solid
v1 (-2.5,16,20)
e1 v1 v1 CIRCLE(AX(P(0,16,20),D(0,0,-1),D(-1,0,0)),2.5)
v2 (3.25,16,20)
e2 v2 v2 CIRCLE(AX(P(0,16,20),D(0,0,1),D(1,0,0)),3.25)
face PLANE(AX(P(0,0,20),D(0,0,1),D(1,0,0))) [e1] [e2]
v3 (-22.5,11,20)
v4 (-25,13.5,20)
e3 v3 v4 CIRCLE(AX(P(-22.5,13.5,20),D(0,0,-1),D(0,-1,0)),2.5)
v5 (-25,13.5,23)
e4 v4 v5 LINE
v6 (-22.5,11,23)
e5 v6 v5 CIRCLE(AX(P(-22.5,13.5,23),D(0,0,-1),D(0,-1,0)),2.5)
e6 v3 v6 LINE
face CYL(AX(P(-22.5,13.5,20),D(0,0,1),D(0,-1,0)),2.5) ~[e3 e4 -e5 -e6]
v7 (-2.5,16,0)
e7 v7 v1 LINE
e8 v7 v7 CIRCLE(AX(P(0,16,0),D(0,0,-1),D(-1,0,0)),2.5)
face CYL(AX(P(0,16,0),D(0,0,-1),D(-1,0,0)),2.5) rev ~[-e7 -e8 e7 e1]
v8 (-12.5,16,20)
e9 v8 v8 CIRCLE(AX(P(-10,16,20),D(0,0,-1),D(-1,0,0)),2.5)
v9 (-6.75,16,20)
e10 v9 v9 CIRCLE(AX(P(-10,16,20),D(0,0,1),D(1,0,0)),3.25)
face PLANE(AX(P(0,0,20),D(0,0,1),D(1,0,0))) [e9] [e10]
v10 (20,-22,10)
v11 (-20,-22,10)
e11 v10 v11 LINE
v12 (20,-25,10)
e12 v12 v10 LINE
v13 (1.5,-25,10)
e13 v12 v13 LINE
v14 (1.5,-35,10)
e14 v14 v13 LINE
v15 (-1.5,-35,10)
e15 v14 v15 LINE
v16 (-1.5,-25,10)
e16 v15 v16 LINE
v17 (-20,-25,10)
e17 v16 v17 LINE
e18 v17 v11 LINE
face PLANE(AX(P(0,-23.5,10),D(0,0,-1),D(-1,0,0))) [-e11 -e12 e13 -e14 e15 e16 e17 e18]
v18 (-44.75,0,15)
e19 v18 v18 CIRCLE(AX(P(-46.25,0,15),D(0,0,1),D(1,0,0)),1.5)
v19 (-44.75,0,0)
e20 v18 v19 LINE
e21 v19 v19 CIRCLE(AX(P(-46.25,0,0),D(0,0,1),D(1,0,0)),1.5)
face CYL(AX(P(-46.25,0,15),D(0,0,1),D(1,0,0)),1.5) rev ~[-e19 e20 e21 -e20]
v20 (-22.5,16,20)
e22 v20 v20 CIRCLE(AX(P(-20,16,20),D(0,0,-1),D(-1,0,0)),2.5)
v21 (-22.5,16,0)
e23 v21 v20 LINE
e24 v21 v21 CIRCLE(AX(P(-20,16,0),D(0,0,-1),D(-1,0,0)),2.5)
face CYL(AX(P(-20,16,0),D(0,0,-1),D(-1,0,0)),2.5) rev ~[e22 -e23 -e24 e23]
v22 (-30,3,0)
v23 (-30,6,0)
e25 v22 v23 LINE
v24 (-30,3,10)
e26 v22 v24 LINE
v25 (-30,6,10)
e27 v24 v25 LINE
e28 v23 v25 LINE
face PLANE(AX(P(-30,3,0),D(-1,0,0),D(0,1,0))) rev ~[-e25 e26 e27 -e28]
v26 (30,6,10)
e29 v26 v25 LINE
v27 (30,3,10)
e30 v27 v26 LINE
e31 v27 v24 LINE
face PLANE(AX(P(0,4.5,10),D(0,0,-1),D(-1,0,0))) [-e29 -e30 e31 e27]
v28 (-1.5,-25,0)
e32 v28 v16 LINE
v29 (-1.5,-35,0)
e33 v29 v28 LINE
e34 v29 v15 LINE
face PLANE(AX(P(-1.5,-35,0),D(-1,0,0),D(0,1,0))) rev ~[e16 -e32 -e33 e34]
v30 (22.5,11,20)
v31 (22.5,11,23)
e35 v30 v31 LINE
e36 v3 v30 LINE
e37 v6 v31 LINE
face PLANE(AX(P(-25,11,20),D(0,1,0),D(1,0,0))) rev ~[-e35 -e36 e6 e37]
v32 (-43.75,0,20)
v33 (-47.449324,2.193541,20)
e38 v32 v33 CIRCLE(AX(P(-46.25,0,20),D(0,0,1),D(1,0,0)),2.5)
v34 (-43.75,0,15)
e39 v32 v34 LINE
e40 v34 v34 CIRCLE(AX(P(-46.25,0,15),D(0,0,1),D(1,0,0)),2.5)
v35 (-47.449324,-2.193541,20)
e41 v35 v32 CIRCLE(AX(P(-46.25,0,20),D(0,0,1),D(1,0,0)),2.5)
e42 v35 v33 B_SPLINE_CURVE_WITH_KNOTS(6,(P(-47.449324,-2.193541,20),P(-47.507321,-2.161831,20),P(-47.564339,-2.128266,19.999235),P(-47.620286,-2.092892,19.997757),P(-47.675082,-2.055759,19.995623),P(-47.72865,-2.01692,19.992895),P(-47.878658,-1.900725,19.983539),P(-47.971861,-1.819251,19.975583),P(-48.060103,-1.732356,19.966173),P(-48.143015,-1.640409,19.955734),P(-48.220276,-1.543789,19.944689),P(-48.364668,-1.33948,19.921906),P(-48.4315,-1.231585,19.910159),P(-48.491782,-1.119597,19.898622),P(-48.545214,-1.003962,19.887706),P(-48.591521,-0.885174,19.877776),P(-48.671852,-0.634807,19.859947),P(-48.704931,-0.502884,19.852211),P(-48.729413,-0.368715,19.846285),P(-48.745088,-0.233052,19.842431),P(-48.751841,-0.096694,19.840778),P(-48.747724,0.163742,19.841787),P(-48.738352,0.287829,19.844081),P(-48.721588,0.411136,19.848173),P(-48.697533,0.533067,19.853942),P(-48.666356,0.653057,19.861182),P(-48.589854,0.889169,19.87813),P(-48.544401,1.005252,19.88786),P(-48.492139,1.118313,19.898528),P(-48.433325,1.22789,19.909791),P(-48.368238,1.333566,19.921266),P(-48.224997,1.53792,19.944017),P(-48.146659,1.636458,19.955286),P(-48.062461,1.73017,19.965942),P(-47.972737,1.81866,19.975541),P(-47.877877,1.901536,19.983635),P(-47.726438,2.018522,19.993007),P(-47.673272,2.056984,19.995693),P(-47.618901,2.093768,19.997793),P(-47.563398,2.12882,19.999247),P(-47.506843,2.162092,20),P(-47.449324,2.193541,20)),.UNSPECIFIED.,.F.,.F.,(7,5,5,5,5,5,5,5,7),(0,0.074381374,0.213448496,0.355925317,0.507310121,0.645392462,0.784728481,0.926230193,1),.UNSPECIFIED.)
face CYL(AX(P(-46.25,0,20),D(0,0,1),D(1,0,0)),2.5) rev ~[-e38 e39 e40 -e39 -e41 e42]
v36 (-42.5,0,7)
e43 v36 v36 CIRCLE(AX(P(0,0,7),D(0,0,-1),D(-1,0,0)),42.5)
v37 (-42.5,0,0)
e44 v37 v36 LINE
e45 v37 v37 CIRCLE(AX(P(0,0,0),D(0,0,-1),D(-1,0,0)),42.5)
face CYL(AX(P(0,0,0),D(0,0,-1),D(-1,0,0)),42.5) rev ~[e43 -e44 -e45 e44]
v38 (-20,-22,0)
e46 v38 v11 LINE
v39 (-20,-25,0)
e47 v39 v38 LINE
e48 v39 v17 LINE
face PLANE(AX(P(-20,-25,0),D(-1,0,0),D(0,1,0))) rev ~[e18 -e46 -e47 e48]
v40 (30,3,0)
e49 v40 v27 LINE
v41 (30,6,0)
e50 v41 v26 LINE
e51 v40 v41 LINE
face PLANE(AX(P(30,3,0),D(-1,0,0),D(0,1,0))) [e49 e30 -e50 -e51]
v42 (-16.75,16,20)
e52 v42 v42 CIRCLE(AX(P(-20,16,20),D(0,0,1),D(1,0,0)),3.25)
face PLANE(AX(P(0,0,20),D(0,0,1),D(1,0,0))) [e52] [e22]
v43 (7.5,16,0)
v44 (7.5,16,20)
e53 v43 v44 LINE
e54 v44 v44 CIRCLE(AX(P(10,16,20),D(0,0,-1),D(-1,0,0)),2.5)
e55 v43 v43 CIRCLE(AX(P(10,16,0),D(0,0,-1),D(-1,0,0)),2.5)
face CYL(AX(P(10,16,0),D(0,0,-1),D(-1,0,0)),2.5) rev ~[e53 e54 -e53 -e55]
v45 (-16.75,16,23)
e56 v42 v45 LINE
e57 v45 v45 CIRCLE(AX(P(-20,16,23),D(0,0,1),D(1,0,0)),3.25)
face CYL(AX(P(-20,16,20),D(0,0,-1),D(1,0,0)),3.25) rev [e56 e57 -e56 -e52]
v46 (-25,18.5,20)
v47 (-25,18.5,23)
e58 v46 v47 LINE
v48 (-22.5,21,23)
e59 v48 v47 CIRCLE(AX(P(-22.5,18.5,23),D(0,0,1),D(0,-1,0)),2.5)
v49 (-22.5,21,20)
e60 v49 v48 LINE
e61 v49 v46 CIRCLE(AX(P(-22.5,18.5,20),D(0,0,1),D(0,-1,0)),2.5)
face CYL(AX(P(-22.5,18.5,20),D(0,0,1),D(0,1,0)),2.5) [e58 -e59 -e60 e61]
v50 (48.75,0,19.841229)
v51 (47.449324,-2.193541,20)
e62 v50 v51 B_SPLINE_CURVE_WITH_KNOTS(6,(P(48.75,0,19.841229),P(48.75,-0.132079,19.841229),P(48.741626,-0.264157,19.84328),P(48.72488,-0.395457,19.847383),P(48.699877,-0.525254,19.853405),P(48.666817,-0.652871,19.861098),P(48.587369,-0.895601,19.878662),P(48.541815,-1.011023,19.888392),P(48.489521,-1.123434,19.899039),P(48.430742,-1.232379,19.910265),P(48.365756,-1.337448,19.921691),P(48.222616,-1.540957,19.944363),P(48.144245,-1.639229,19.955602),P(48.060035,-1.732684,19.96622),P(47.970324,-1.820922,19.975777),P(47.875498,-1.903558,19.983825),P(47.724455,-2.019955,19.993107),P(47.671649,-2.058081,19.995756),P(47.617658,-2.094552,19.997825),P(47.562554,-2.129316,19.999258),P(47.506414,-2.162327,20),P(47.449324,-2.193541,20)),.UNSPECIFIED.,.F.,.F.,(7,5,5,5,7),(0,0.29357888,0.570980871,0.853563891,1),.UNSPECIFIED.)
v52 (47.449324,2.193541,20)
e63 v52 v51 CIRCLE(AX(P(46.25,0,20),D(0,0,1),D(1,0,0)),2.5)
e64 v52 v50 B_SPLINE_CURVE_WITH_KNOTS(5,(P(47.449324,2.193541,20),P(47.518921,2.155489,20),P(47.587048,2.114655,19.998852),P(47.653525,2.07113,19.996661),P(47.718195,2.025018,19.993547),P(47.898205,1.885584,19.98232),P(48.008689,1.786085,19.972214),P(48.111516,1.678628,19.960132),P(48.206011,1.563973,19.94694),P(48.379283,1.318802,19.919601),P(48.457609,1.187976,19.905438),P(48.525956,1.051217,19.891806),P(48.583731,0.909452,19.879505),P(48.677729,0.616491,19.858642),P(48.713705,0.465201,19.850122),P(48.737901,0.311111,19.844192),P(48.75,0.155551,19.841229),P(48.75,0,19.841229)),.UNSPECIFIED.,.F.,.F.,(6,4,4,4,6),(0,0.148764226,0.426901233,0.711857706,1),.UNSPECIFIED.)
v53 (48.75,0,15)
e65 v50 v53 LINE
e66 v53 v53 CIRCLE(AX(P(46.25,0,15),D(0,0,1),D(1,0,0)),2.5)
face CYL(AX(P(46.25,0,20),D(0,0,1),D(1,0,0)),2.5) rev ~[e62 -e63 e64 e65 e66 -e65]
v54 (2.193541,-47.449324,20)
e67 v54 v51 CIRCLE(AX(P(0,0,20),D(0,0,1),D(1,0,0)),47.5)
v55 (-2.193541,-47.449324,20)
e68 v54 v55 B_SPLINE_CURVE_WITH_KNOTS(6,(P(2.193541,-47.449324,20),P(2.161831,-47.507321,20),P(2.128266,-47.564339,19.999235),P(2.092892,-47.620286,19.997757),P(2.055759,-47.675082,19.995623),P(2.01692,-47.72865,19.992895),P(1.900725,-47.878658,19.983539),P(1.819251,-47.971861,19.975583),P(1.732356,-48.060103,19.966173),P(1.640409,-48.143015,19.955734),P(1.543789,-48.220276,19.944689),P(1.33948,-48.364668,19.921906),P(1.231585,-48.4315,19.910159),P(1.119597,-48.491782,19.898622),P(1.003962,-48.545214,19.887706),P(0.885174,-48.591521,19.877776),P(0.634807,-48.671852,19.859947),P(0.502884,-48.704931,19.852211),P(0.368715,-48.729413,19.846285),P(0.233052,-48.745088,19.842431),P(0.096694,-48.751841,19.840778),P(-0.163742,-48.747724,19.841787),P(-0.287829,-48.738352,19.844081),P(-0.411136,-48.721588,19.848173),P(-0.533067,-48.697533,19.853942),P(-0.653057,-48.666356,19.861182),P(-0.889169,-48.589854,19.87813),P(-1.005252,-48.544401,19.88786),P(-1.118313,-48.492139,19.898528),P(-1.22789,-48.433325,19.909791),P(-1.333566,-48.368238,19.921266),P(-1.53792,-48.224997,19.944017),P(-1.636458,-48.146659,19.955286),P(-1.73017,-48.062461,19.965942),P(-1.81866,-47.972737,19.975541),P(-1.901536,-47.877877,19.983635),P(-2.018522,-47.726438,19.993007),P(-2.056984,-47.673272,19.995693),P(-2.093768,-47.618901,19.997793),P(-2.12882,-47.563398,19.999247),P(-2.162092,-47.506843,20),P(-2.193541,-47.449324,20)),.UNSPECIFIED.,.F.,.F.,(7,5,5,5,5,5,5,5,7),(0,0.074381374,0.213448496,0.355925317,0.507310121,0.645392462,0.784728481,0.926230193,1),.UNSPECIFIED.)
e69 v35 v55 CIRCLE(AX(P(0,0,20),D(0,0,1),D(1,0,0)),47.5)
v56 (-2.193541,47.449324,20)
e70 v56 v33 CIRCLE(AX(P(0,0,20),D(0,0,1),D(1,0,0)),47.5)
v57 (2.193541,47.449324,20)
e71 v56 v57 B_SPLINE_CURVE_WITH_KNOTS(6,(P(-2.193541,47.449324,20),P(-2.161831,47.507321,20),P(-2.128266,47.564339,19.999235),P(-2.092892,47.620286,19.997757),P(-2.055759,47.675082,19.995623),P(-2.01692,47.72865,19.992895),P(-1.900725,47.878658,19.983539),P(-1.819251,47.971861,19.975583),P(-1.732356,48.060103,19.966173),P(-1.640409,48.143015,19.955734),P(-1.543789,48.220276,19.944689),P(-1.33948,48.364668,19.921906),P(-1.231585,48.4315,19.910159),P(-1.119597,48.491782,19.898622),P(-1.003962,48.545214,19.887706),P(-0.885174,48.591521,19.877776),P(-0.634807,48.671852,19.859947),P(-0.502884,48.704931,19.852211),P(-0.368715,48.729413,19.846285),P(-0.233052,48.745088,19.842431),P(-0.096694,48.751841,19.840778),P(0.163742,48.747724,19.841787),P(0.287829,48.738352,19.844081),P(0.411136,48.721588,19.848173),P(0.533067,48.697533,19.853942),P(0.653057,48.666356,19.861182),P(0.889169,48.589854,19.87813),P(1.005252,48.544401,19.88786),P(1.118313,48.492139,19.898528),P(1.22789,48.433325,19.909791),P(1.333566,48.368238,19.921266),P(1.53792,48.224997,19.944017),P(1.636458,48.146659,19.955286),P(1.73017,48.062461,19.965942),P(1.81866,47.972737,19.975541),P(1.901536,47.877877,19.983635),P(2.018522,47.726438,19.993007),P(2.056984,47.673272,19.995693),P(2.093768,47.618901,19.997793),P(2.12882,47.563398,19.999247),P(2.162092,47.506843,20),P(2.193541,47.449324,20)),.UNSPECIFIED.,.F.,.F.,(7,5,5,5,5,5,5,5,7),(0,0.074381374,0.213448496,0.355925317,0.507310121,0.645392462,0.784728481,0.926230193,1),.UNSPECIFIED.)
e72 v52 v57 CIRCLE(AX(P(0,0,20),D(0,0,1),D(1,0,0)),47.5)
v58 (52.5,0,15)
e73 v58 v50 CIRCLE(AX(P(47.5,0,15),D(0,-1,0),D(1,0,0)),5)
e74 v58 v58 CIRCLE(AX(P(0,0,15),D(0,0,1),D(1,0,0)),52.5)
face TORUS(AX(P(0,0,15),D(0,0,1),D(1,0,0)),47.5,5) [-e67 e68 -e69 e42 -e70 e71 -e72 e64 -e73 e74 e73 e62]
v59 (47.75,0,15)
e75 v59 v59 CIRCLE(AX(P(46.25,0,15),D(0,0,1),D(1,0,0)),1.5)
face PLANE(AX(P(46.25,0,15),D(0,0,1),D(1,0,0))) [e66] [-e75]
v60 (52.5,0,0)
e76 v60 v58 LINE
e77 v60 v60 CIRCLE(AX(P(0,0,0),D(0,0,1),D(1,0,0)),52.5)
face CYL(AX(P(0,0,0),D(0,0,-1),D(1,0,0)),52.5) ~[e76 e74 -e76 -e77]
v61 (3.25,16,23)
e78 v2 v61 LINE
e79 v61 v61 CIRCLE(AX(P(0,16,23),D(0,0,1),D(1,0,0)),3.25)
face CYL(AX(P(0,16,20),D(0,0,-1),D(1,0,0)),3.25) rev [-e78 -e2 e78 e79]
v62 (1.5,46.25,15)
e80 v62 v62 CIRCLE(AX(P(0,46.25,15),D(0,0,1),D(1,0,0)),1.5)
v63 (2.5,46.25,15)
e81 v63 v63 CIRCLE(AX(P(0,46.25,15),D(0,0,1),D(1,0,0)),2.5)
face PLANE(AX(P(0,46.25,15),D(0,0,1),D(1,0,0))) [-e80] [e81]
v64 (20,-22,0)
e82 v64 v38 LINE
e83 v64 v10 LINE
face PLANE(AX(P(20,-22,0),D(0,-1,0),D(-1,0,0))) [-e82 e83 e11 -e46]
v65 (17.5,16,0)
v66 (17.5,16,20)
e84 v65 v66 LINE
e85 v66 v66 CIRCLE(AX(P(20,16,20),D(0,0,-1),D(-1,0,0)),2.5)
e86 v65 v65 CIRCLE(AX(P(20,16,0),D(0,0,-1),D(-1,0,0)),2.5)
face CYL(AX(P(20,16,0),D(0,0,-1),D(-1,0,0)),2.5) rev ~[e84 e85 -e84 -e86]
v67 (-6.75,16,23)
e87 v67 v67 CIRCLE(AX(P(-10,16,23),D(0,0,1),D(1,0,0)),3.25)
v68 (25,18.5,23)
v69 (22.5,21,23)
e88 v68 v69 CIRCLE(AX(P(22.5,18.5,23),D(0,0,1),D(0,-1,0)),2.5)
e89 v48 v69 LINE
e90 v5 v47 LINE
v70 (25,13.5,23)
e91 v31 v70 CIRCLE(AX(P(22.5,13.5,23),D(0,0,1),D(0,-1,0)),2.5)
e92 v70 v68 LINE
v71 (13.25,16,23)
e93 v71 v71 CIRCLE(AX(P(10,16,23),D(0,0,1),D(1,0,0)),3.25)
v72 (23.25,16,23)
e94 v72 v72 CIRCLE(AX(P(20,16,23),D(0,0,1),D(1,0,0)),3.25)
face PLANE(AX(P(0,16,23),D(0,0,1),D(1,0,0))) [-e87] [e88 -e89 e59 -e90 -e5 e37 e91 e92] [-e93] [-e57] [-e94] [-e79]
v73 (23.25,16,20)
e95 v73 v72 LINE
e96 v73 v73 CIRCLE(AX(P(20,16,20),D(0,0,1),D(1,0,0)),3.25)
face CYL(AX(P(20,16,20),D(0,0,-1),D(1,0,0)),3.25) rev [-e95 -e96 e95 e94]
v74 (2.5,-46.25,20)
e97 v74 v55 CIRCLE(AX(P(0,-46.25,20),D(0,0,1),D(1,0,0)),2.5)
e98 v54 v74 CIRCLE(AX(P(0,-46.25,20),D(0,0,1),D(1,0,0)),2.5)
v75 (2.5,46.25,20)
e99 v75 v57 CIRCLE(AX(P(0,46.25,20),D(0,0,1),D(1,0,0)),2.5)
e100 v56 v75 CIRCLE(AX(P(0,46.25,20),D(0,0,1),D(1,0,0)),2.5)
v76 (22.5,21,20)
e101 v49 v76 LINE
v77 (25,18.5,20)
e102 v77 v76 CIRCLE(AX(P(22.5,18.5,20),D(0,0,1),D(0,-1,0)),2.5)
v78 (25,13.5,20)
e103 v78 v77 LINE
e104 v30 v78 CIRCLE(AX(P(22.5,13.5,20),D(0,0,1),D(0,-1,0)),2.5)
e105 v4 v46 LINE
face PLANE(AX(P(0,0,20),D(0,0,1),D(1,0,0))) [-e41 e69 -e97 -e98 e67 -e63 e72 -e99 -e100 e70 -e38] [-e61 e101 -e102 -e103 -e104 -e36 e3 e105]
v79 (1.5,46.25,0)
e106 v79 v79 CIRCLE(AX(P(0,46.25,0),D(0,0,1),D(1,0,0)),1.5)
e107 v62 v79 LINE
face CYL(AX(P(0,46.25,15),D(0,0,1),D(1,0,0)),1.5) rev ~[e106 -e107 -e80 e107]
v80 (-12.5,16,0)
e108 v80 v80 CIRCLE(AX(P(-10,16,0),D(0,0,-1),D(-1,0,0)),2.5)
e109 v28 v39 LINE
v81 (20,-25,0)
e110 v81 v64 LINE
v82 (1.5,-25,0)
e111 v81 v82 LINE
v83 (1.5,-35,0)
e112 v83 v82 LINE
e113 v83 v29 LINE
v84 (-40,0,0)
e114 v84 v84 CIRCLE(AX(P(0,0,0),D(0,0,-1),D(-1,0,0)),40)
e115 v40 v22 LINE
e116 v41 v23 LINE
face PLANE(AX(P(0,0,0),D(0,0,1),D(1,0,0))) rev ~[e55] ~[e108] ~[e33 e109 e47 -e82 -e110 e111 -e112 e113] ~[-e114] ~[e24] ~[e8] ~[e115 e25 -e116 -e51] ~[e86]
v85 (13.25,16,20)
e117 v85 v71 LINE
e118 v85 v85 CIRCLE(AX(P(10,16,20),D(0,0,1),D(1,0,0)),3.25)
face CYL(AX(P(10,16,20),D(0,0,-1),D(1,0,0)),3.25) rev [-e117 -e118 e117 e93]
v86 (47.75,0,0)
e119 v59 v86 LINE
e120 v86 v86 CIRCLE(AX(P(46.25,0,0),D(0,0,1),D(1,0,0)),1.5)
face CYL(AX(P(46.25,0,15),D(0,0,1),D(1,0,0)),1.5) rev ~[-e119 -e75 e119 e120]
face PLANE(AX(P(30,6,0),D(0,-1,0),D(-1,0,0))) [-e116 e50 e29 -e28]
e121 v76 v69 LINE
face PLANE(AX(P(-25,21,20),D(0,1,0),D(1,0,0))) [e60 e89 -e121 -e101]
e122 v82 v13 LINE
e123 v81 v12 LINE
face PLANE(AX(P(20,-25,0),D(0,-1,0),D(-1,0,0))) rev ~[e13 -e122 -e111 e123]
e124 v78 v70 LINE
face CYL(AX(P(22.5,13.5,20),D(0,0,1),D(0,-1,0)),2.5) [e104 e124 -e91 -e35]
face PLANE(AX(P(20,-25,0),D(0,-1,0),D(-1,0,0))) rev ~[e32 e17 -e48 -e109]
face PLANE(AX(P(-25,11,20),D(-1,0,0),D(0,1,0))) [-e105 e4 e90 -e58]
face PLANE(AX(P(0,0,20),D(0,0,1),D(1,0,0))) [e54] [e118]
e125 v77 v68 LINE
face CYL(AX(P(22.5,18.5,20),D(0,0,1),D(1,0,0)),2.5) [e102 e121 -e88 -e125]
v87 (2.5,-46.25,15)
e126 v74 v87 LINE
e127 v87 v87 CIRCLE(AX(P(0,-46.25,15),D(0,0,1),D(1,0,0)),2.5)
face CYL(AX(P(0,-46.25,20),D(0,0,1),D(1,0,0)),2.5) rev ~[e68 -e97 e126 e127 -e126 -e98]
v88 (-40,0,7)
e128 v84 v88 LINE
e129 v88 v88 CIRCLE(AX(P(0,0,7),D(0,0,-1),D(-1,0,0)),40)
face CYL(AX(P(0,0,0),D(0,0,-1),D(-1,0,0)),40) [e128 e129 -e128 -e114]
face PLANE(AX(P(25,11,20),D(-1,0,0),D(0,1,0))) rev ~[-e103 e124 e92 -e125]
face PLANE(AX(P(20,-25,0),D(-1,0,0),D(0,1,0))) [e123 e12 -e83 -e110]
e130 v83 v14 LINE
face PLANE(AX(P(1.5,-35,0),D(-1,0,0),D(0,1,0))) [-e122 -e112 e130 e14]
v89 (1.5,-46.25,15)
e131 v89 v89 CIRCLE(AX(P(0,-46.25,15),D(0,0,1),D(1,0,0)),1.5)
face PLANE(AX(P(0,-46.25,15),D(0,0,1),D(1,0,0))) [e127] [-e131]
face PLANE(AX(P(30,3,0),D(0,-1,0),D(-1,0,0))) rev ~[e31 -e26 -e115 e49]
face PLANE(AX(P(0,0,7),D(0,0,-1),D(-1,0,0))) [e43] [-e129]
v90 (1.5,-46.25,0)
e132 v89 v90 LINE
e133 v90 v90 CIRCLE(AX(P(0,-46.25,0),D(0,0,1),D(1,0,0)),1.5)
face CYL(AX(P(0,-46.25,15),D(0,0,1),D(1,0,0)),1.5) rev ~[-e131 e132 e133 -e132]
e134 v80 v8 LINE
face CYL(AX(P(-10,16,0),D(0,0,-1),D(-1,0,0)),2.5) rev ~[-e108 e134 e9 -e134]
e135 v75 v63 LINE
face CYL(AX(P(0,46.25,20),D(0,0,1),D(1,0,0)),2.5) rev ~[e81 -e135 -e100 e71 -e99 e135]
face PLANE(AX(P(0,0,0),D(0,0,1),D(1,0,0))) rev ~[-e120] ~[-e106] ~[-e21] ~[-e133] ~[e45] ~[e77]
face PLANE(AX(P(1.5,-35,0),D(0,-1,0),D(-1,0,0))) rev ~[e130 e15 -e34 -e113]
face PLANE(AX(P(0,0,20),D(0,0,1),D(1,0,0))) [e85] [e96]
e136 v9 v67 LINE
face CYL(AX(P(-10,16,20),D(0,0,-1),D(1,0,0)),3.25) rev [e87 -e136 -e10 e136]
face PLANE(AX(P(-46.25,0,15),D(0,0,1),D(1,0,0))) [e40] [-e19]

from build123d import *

# Parameters (mm, degrees)
SKETCH1_R           = 52.5
BOSS_EXTRUDE1_DEPTH = 20
SKETCH2_R           = 42.5
SKETCH2_R_2         = 40
CUT_EXTRUDE1_DEPTH  = 7
FILLET1_R           = 5
SKETCH3_W           = 40
SKETCH3_H           = 3
SKETCH3_W_2         = 60
CUT_EXTRUDE2_DEPTH  = 10
SKETCH4_R           = 2.5
CUT_EXTRUDE3_DEPTH  = 5
SKETCH5_R           = 1.5
CUT_EXTRUDE4_DEPTH  = 15
SKETCH8_R           = 1.5
CUT_EXTRUDE5_DEPTH  = 15
SKETCH7_R           = 1.5
CUT_EXTRUDE6_DEPTH  = 15
SKETCH6_R           = 1.5
CUT_EXTRUDE7_DEPTH  = 15
SKETCH9_W           = 3
SKETCH9_H           = 10
CUT_EXTRUDE8_DEPTH  = 10
SKETCH10_R          = 2.5
CUT_EXTRUDE9_DEPTH  = 20
SKETCH11_W          = 50
SKETCH11_H          = 10
SKETCH11_R          = 3.25
BOSS_EXTRUDE2_DEPTH = 3
FILLET2_R           = 2.5


with BuildPart() as part:
    # Sketch1 → Boss-Extrude1 (new body)
    with BuildSketch(Plane.XY):
        Circle(SKETCH1_R)
    extrude(amount=BOSS_EXTRUDE1_DEPTH)

    # Sketch2 → Cut-Extrude1 (cut)
    with BuildSketch(Plane(origin=(0, 0, 0), x_dir=(-1, 0, 0), z_dir=(0, 0, -1))):
        Circle(SKETCH2_R)
        Circle(SKETCH2_R_2, mode=Mode.SUBTRACT)
    extrude(amount=-CUT_EXTRUDE1_DEPTH, mode=Mode.SUBTRACT)

    # Fillet1
    fillet1_edges = [part.edges().sort_by_distance(p)[0] for p in [
        (-52.5, 0, 20),
    ]]
    fillet(fillet1_edges, radius=FILLET1_R)

    # Sketch3 → Cut-Extrude2 (cut)
    with BuildSketch(Plane(origin=(0, 0, 0), x_dir=(-1, 0, 0), z_dir=(0, 0, -1))):
        with Locations((0, -23.5)):
            Rectangle(SKETCH3_W, SKETCH3_H)
        with Locations((0, 4.5)):
            Rectangle(SKETCH3_W_2, SKETCH3_H)
    extrude(amount=-CUT_EXTRUDE2_DEPTH, mode=Mode.SUBTRACT)

    # Sketch4 → Cut-Extrude3 (cut)
    with BuildSketch(Plane.XY.offset(20)):
        with Locations((0, 46.25)):
            Circle(SKETCH4_R)
        with Locations((46.25, 0)):
            Circle(SKETCH4_R)
        with Locations((0, -46.25)):
            Circle(SKETCH4_R)
        with Locations((-46.25, 0)):
            Circle(SKETCH4_R)
    extrude(amount=-CUT_EXTRUDE3_DEPTH, mode=Mode.SUBTRACT)

    # Sketch5 → Cut-Extrude4 (cut)
    with BuildSketch(Plane.XY.offset(15)):
        with Locations((0, 46.25)):
            Circle(SKETCH5_R)
    extrude(amount=-CUT_EXTRUDE4_DEPTH, mode=Mode.SUBTRACT)

    # Sketch8 → Cut-Extrude5 (cut)
    with BuildSketch(Plane.XY.offset(15)):
        with Locations((-46.25, 0)):
            Circle(SKETCH8_R)
    extrude(amount=-CUT_EXTRUDE5_DEPTH, mode=Mode.SUBTRACT)

    # Sketch7 → Cut-Extrude6 (cut)
    with BuildSketch(Plane.XY.offset(15)):
        with Locations((0, -46.25)):
            Circle(SKETCH7_R)
    extrude(amount=-CUT_EXTRUDE6_DEPTH, mode=Mode.SUBTRACT)

    # Sketch6 → Cut-Extrude7 (cut)
    with BuildSketch(Plane.XY.offset(15)):
        with Locations((46.25, 0)):
            Circle(SKETCH6_R)
    extrude(amount=-CUT_EXTRUDE7_DEPTH, mode=Mode.SUBTRACT)

    # Sketch9 → Cut-Extrude8 (cut)
    with BuildSketch(Plane(origin=(0, 0, 0), x_dir=(-1, 0, 0), z_dir=(0, 0, -1))):
        with Locations((0, -30)):
            Rectangle(SKETCH9_W, SKETCH9_H)
    extrude(amount=-CUT_EXTRUDE8_DEPTH, mode=Mode.SUBTRACT)

    # Sketch10 → Cut-Extrude9 (cut)
    with BuildSketch(Plane(origin=(0, 0, 0), x_dir=(-1, 0, 0), z_dir=(0, 0, -1))):
        with Locations((-20, 16)):
            Circle(SKETCH10_R)
        with Locations((-10, 16)):
            Circle(SKETCH10_R)
        with Locations((0, 16)):
            Circle(SKETCH10_R)
        with Locations((10, 16)):
            Circle(SKETCH10_R)
        with Locations((20, 16)):
            Circle(SKETCH10_R)
    extrude(amount=-CUT_EXTRUDE9_DEPTH, mode=Mode.SUBTRACT)

    # Sketch11 → Boss-Extrude2 (add)
    with BuildSketch(Plane.XY.offset(20)):
        with Locations((0, 16)):
            Rectangle(SKETCH11_W, SKETCH11_H)
        with Locations((-20, 16)):
            Circle(SKETCH11_R, mode=Mode.SUBTRACT)
        with Locations((-10, 16)):
            Circle(SKETCH11_R, mode=Mode.SUBTRACT)
        with Locations((0, 16)):
            Circle(SKETCH11_R, mode=Mode.SUBTRACT)
        with Locations((10, 16)):
            Circle(SKETCH11_R, mode=Mode.SUBTRACT)
        with Locations((20, 16)):
            Circle(SKETCH11_R, mode=Mode.SUBTRACT)
    extrude(amount=BOSS_EXTRUDE2_DEPTH)

    # Fillet2
    fillet2_edges = [part.edges().sort_by_distance(p)[0] for p in [
        (25, 11, 21.5),
        (25, 21, 21.5),
        (-25, 21, 21.5),
        (-25, 11, 21.5),
    ]]
    fillet(fillet2_edges, radius=FILLET2_R)


solid = part.part
